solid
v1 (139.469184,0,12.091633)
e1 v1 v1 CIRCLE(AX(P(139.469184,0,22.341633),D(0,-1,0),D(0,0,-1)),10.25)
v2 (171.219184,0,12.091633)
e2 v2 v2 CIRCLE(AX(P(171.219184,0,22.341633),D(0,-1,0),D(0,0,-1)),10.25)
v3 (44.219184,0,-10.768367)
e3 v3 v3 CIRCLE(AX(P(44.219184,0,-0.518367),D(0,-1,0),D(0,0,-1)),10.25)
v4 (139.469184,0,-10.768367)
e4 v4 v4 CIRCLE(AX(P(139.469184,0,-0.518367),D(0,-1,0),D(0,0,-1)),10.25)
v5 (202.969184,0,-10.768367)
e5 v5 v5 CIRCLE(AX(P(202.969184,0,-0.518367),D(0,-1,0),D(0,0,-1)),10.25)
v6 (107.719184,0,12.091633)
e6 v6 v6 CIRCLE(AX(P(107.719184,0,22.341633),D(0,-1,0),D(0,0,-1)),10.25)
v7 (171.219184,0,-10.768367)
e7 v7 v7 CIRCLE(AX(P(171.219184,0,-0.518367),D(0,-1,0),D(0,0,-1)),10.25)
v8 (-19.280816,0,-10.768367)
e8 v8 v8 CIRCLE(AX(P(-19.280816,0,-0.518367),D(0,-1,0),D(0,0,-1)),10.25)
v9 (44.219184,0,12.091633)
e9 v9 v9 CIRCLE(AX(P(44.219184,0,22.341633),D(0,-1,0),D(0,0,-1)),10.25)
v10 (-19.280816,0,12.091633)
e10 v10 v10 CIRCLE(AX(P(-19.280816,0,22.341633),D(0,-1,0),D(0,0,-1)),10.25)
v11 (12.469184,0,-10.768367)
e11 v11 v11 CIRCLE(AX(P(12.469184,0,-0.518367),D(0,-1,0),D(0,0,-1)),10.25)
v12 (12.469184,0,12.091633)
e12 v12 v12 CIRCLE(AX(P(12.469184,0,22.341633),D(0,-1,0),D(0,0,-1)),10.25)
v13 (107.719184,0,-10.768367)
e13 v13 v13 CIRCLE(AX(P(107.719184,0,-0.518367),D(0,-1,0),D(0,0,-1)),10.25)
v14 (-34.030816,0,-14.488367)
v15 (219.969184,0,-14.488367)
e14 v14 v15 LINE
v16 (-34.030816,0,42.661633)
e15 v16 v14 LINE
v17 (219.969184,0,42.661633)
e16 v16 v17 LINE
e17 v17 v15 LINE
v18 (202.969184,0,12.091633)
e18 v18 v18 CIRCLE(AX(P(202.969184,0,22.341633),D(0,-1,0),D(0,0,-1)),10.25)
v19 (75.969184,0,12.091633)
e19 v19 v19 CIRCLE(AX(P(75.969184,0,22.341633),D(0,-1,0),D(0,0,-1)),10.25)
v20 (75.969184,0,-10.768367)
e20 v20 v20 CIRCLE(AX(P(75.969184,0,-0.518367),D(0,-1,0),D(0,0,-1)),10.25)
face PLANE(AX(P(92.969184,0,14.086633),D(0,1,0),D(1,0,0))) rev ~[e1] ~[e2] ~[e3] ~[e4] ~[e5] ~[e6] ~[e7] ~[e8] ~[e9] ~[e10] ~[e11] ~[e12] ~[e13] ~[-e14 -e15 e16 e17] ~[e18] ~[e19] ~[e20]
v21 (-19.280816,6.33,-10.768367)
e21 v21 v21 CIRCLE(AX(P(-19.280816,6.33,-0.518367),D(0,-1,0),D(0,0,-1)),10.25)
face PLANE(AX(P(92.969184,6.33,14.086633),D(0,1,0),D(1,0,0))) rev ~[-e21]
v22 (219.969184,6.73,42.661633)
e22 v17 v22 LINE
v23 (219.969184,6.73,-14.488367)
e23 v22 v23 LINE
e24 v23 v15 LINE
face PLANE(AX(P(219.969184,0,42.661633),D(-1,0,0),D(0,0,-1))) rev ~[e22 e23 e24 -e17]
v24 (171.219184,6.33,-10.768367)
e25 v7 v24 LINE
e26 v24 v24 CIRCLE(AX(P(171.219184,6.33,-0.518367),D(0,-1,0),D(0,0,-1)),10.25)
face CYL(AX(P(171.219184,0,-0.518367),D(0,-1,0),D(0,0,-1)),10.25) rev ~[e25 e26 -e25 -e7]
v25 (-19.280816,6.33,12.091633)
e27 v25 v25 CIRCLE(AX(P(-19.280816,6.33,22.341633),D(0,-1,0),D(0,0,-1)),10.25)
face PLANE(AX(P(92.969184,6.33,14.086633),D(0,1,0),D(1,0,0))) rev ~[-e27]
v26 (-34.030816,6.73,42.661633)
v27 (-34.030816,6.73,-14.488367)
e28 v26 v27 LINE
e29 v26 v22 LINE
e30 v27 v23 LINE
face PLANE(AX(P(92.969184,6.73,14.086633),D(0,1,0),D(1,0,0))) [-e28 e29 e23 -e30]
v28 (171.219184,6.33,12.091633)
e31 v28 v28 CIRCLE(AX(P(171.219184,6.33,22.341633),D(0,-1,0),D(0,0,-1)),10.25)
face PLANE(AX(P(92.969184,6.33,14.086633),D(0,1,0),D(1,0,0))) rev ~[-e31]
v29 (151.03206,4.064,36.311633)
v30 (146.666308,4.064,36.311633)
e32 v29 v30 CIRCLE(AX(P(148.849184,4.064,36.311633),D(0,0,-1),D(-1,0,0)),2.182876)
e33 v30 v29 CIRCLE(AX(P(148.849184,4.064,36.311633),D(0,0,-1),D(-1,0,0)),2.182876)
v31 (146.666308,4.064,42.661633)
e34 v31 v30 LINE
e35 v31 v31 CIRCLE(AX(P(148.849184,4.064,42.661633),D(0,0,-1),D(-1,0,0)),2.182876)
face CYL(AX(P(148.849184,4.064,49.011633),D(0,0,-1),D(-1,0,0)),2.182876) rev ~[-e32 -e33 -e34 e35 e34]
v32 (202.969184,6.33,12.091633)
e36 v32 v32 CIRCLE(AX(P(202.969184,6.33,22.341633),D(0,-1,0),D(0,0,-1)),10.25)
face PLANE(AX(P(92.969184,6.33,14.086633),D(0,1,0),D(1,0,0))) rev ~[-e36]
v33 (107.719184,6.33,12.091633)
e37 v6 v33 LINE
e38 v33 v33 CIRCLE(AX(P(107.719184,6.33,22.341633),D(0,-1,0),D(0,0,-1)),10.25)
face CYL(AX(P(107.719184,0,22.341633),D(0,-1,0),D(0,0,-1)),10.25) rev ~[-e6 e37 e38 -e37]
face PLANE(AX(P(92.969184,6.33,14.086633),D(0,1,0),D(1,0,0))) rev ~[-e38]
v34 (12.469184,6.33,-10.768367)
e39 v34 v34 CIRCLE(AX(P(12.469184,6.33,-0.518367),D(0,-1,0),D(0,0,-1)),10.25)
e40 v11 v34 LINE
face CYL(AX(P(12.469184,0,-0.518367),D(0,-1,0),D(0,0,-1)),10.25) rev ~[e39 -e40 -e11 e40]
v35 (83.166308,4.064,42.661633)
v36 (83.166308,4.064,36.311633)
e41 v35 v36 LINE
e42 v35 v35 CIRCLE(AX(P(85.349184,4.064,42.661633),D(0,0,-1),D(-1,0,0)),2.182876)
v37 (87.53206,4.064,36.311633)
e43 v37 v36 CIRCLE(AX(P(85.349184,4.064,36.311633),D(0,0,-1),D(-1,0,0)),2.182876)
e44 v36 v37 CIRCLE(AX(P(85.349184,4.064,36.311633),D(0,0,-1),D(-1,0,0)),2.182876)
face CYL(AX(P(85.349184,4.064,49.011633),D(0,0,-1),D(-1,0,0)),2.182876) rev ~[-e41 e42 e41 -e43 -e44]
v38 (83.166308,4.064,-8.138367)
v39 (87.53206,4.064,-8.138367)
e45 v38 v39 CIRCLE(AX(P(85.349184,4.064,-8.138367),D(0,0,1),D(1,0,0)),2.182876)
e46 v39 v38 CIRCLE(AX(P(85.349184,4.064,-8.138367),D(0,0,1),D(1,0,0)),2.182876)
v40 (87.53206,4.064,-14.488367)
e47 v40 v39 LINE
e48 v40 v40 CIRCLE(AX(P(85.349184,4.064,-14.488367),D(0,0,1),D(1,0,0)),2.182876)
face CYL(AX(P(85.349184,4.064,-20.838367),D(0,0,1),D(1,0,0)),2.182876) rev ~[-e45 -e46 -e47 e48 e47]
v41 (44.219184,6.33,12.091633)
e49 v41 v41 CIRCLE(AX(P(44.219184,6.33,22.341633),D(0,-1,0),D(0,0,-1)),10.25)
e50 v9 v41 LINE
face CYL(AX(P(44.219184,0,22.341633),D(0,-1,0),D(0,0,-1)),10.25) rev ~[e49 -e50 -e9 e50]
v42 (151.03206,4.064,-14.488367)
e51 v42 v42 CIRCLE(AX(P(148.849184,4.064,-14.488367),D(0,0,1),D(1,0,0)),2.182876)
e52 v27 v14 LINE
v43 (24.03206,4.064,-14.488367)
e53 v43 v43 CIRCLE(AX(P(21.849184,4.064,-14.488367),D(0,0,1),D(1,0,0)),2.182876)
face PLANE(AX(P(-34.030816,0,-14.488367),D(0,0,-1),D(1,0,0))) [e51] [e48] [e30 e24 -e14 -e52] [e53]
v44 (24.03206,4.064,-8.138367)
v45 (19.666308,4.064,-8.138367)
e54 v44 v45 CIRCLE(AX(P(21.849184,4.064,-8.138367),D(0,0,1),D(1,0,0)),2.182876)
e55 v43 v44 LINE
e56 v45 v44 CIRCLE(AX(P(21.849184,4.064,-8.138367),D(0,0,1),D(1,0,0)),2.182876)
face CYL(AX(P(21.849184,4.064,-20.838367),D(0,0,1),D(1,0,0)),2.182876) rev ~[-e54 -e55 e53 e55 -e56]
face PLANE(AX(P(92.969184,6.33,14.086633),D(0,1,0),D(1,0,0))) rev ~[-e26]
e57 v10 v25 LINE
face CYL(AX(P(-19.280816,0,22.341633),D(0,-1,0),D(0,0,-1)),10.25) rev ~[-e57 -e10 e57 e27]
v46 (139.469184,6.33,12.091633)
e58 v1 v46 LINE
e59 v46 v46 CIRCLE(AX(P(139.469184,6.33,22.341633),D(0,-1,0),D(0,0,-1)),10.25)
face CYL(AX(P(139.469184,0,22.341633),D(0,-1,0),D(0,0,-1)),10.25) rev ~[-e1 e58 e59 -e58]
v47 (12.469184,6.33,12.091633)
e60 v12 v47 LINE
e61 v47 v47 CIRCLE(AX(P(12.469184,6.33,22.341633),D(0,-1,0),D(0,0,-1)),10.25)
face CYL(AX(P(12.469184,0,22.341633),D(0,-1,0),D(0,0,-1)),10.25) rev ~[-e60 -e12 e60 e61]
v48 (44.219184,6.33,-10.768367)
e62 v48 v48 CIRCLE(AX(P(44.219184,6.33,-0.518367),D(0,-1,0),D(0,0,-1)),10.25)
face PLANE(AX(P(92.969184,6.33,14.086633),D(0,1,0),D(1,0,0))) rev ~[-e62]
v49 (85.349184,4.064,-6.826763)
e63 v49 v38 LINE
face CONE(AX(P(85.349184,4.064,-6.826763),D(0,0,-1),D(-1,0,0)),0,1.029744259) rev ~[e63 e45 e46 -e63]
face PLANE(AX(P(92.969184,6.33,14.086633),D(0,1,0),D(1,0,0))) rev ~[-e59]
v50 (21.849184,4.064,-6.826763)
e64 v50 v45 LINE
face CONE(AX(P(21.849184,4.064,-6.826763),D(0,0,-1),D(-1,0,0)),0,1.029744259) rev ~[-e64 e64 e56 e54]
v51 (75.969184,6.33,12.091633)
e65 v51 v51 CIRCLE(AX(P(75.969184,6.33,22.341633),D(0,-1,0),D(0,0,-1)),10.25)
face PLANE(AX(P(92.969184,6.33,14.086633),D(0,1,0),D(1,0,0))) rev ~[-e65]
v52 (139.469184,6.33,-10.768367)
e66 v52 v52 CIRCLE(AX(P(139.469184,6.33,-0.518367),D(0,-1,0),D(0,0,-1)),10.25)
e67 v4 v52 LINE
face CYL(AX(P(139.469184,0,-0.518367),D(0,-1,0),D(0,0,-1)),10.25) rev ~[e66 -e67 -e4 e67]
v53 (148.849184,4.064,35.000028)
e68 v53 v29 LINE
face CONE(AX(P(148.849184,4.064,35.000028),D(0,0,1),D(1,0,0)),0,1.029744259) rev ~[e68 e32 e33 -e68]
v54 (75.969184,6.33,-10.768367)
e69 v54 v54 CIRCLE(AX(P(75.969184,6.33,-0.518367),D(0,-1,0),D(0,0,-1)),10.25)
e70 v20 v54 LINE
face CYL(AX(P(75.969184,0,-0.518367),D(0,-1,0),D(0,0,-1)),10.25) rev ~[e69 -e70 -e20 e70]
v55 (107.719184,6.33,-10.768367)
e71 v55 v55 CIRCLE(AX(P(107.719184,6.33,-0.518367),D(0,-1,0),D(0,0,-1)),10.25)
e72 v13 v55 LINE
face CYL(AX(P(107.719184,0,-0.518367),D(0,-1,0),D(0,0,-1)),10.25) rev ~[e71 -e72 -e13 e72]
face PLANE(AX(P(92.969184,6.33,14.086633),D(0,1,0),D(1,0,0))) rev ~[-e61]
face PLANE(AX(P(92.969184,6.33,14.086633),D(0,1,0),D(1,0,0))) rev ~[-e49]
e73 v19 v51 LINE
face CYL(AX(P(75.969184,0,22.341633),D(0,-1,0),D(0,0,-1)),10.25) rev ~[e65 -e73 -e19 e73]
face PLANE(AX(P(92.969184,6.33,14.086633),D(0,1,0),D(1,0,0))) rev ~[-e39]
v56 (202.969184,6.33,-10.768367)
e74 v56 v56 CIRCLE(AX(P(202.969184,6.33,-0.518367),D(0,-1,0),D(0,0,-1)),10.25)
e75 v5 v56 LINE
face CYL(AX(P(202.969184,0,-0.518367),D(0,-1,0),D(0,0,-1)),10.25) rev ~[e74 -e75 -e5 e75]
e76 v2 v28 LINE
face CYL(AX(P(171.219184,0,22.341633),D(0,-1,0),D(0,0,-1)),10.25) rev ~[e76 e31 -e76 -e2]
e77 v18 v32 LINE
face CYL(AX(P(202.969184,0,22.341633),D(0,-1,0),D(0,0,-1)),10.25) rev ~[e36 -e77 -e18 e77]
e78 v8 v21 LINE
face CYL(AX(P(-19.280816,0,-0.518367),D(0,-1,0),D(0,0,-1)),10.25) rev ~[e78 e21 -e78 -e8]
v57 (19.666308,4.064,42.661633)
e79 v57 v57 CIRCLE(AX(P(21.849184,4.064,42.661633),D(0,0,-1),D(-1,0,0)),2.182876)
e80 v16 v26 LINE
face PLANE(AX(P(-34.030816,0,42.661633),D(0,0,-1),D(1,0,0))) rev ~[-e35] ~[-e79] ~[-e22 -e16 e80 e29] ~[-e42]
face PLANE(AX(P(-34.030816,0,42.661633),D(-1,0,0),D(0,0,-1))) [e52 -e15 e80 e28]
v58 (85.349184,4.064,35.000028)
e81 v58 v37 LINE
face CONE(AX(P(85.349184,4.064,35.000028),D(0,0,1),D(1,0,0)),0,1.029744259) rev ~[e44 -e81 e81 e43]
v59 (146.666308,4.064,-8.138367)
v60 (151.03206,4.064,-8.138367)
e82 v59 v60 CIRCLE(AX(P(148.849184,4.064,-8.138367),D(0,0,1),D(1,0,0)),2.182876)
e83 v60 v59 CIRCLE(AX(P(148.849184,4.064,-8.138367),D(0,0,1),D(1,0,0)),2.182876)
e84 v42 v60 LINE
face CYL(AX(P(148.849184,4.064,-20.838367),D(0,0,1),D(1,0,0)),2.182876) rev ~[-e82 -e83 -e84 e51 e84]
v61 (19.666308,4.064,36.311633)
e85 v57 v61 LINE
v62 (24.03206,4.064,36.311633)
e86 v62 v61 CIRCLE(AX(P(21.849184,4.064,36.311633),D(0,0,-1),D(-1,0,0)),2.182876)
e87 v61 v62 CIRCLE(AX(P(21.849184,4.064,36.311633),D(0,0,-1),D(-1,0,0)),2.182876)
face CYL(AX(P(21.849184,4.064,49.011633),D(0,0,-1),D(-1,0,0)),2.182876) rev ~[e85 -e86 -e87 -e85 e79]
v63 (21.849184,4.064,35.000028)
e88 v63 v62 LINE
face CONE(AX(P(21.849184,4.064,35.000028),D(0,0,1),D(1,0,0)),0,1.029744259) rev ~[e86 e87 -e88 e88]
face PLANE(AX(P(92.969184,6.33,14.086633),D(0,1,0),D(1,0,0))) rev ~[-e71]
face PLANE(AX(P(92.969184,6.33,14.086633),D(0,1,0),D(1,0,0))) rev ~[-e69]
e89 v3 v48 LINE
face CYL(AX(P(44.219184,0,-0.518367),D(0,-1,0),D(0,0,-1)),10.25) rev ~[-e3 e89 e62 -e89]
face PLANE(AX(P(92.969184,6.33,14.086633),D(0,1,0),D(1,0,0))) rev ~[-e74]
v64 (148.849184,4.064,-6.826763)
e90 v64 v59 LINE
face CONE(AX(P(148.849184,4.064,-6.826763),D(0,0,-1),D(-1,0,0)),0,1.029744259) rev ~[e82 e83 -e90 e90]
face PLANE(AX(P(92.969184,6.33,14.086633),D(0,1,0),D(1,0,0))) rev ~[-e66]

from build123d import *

# Parameters (mm, degrees)
SKETCH1_W                            = 254
SKETCH1_H                            = 57.15
SKETCH1_R                            = 10
BOSS_EXTRUDE1_DEPTH                  = 6.730000002
SKETCH25_R                           = 10.25
CUT_EXTRUDE1_DEPTH                   = 7.6
SKETCH26_W                           = 254
SKETCH26_H                           = 57.15
BOSS_EXTRUDE2_DEPTH                  = 0.4
F_11_64_0_17188_DIAMETER_HOLE1_D     = 4.365752
F_11_64_0_17188_DIAMETER_HOLE1_DEPTH = 6.35
F_11_64_0_17188_DIAMETER_HOLE1_TIP   = 1.311604225
F_11_64_0_17188_DIAMETER_HOLE2_D     = 4.365752
F_11_64_0_17188_DIAMETER_HOLE2_DEPTH = 6.35
F_11_64_0_17188_DIAMETER_HOLE2_TIP   = 1.311604225


with BuildPart() as part:
    # Sketch1 → Boss-Extrude1 (new body)
    with BuildSketch(Plane(origin=(0, 0, 0), x_dir=(1, 0, 0), z_dir=(0, 1, 0))):
        with Locations((92.969183673, -14.086632653)):
            Rectangle(SKETCH1_W, SKETCH1_H)
        with Locations(Location((202.969183673, 0.518367347, 0), (0, 0, 270))):
            Circle(SKETCH1_R, mode=Mode.SUBTRACT)
        with Locations(Location((171.219183673, 0.518367347, 0), (0, 0, 270))):
            Circle(SKETCH1_R, mode=Mode.SUBTRACT)
        with Locations(Location((139.469183673, 0.518367347, 0), (0, 0, 270))):
            Circle(SKETCH1_R, mode=Mode.SUBTRACT)
        with Locations(Location((107.719183673, 0.518367347, 0), (0, 0, 270))):
            Circle(SKETCH1_R, mode=Mode.SUBTRACT)
        with Locations(Location((75.969183673, 0.518367347, 0), (0, 0, 270))):
            Circle(SKETCH1_R, mode=Mode.SUBTRACT)
        with Locations(Location((44.219183673, 0.518367347, 0), (0, 0, 270))):
            Circle(SKETCH1_R, mode=Mode.SUBTRACT)
        with Locations(Location((171.219183673, -22.341632653, 0), (0, 0, 270))):
            Circle(SKETCH1_R, mode=Mode.SUBTRACT)
        with Locations(Location((139.469183673, -22.341632653, 0), (0, 0, 270))):
            Circle(SKETCH1_R, mode=Mode.SUBTRACT)
        with Locations(Location((107.719183673, -22.341632653, 0), (0, 0, 270))):
            Circle(SKETCH1_R, mode=Mode.SUBTRACT)
        with Locations(Location((75.969183673, -22.341632653, 0), (0, 0, 270))):
            Circle(SKETCH1_R, mode=Mode.SUBTRACT)
        with Locations(Location((44.219183673, -22.341632653, 0), (0, 0, 270))):
            Circle(SKETCH1_R, mode=Mode.SUBTRACT)
        with Locations(Location((202.969183673, -22.341632653, 0), (0, 0, 270))):
            Circle(SKETCH1_R, mode=Mode.SUBTRACT)
        with Locations(Location((12.469183673, 0.518367347, 0), (0, 0, 270))):
            Circle(SKETCH1_R, mode=Mode.SUBTRACT)
        with Locations(Location((-19.280816327, 0.518367347, 0), (0, 0, 270))):
            Circle(SKETCH1_R, mode=Mode.SUBTRACT)
        with Locations(Location((12.469183673, -22.341632653, 0), (0, 0, 270))):
            Circle(SKETCH1_R, mode=Mode.SUBTRACT)
        with Locations(Location((-19.280816327, -22.341632653, 0), (0, 0, 270))):
            Circle(SKETCH1_R, mode=Mode.SUBTRACT)
    extrude(amount=BOSS_EXTRUDE1_DEPTH)

    # Sketch25 → Cut-Extrude1 (cut)
    with BuildSketch(Plane.XZ):
        with Locations(Location((44.219183673, 22.341632653, 0), (0, 0, 270))):
            Circle(SKETCH25_R)
        with Locations(Location((75.969183673, 22.341632653, 0), (0, 0, 270))):
            Circle(SKETCH25_R)
        with Locations(Location((107.719183673, 22.341632653, 0), (0, 0, 270))):
            Circle(SKETCH25_R)
        with Locations(Location((139.469183673, 22.341632653, 0), (0, 0, 270))):
            Circle(SKETCH25_R)
        with Locations(Location((171.219183673, 22.341632653, 0), (0, 0, 270))):
            Circle(SKETCH25_R)
        with Locations(Location((202.969183673, 22.341632653, 0), (0, 0, 270))):
            Circle(SKETCH25_R)
        with Locations(Location((75.969183673, -0.518367347, 0), (0, 0, 270))):
            Circle(SKETCH25_R)
        with Locations(Location((107.719183673, -0.518367347, 0), (0, 0, 270))):
            Circle(SKETCH25_R)
        with Locations(Location((139.469183673, -0.518367347, 0), (0, 0, 270))):
            Circle(SKETCH25_R)
        with Locations(Location((171.219183673, -0.518367347, 0), (0, 0, 270))):
            Circle(SKETCH25_R)
        with Locations(Location((202.969183673, -0.518367347, 0), (0, 0, 270))):
            Circle(SKETCH25_R)
        with Locations(Location((44.219183673, -0.518367347, 0), (0, 0, 270))):
            Circle(SKETCH25_R)
        with Locations(Location((12.469183673, 22.341632653, 0), (0, 0, 270))):
            Circle(SKETCH25_R)
        with Locations(Location((-19.280816327, 22.341632653, 0), (0, 0, 270))):
            Circle(SKETCH25_R)
        with Locations(Location((-19.280816327, -0.518367347, 0), (0, 0, 270))):
            Circle(SKETCH25_R)
        with Locations(Location((12.469183673, -0.518367347, 0), (0, 0, 270))):
            Circle(SKETCH25_R)
    extrude(amount=-CUT_EXTRUDE1_DEPTH, mode=Mode.SUBTRACT)

    # Sketch26 → Boss-Extrude2 (add)
    with BuildSketch(Plane(origin=(0, 6.730000002, 0), x_dir=(1, 0, 0), z_dir=(0, 1, 0))):
        with Locations((92.969183673, -14.086632653)):
            Rectangle(SKETCH26_W, SKETCH26_H)
    extrude(amount=-BOSS_EXTRUDE2_DEPTH)

    # 11/64 (0.17188) Diameter Hole1
    with Locations(Plane.XY.offset(42.661632653)):
        with Locations((21.849183673, 4.064), (148.849183673, 4.064), (85.349183673, 4.064)):
            Hole(F_11_64_0_17188_DIAMETER_HOLE1_D / 2, depth=F_11_64_0_17188_DIAMETER_HOLE1_DEPTH)
            with Locations((0, 0, -(F_11_64_0_17188_DIAMETER_HOLE1_DEPTH + F_11_64_0_17188_DIAMETER_HOLE1_TIP / 2))):  # 118° drill point
                Cone(0, F_11_64_0_17188_DIAMETER_HOLE1_D / 2, F_11_64_0_17188_DIAMETER_HOLE1_TIP, mode=Mode.SUBTRACT)

    # 11/64 (0.17188) Diameter Hole2
    with Locations(Plane(origin=(0, 0, -14.488367347), x_dir=(-1, 0, 0), z_dir=(0, 0, -1))):
        with Locations((-148.849183673, 4.064), (-85.349183673, 4.064), (-21.849183673, 4.064)):
            Hole(F_11_64_0_17188_DIAMETER_HOLE2_D / 2, depth=F_11_64_0_17188_DIAMETER_HOLE2_DEPTH)
            with Locations((0, 0, -(F_11_64_0_17188_DIAMETER_HOLE2_DEPTH + F_11_64_0_17188_DIAMETER_HOLE2_TIP / 2))):  # 118° drill point
                Cone(0, F_11_64_0_17188_DIAMETER_HOLE2_D / 2, F_11_64_0_17188_DIAMETER_HOLE2_TIP, mode=Mode.SUBTRACT)


solid = part.part
